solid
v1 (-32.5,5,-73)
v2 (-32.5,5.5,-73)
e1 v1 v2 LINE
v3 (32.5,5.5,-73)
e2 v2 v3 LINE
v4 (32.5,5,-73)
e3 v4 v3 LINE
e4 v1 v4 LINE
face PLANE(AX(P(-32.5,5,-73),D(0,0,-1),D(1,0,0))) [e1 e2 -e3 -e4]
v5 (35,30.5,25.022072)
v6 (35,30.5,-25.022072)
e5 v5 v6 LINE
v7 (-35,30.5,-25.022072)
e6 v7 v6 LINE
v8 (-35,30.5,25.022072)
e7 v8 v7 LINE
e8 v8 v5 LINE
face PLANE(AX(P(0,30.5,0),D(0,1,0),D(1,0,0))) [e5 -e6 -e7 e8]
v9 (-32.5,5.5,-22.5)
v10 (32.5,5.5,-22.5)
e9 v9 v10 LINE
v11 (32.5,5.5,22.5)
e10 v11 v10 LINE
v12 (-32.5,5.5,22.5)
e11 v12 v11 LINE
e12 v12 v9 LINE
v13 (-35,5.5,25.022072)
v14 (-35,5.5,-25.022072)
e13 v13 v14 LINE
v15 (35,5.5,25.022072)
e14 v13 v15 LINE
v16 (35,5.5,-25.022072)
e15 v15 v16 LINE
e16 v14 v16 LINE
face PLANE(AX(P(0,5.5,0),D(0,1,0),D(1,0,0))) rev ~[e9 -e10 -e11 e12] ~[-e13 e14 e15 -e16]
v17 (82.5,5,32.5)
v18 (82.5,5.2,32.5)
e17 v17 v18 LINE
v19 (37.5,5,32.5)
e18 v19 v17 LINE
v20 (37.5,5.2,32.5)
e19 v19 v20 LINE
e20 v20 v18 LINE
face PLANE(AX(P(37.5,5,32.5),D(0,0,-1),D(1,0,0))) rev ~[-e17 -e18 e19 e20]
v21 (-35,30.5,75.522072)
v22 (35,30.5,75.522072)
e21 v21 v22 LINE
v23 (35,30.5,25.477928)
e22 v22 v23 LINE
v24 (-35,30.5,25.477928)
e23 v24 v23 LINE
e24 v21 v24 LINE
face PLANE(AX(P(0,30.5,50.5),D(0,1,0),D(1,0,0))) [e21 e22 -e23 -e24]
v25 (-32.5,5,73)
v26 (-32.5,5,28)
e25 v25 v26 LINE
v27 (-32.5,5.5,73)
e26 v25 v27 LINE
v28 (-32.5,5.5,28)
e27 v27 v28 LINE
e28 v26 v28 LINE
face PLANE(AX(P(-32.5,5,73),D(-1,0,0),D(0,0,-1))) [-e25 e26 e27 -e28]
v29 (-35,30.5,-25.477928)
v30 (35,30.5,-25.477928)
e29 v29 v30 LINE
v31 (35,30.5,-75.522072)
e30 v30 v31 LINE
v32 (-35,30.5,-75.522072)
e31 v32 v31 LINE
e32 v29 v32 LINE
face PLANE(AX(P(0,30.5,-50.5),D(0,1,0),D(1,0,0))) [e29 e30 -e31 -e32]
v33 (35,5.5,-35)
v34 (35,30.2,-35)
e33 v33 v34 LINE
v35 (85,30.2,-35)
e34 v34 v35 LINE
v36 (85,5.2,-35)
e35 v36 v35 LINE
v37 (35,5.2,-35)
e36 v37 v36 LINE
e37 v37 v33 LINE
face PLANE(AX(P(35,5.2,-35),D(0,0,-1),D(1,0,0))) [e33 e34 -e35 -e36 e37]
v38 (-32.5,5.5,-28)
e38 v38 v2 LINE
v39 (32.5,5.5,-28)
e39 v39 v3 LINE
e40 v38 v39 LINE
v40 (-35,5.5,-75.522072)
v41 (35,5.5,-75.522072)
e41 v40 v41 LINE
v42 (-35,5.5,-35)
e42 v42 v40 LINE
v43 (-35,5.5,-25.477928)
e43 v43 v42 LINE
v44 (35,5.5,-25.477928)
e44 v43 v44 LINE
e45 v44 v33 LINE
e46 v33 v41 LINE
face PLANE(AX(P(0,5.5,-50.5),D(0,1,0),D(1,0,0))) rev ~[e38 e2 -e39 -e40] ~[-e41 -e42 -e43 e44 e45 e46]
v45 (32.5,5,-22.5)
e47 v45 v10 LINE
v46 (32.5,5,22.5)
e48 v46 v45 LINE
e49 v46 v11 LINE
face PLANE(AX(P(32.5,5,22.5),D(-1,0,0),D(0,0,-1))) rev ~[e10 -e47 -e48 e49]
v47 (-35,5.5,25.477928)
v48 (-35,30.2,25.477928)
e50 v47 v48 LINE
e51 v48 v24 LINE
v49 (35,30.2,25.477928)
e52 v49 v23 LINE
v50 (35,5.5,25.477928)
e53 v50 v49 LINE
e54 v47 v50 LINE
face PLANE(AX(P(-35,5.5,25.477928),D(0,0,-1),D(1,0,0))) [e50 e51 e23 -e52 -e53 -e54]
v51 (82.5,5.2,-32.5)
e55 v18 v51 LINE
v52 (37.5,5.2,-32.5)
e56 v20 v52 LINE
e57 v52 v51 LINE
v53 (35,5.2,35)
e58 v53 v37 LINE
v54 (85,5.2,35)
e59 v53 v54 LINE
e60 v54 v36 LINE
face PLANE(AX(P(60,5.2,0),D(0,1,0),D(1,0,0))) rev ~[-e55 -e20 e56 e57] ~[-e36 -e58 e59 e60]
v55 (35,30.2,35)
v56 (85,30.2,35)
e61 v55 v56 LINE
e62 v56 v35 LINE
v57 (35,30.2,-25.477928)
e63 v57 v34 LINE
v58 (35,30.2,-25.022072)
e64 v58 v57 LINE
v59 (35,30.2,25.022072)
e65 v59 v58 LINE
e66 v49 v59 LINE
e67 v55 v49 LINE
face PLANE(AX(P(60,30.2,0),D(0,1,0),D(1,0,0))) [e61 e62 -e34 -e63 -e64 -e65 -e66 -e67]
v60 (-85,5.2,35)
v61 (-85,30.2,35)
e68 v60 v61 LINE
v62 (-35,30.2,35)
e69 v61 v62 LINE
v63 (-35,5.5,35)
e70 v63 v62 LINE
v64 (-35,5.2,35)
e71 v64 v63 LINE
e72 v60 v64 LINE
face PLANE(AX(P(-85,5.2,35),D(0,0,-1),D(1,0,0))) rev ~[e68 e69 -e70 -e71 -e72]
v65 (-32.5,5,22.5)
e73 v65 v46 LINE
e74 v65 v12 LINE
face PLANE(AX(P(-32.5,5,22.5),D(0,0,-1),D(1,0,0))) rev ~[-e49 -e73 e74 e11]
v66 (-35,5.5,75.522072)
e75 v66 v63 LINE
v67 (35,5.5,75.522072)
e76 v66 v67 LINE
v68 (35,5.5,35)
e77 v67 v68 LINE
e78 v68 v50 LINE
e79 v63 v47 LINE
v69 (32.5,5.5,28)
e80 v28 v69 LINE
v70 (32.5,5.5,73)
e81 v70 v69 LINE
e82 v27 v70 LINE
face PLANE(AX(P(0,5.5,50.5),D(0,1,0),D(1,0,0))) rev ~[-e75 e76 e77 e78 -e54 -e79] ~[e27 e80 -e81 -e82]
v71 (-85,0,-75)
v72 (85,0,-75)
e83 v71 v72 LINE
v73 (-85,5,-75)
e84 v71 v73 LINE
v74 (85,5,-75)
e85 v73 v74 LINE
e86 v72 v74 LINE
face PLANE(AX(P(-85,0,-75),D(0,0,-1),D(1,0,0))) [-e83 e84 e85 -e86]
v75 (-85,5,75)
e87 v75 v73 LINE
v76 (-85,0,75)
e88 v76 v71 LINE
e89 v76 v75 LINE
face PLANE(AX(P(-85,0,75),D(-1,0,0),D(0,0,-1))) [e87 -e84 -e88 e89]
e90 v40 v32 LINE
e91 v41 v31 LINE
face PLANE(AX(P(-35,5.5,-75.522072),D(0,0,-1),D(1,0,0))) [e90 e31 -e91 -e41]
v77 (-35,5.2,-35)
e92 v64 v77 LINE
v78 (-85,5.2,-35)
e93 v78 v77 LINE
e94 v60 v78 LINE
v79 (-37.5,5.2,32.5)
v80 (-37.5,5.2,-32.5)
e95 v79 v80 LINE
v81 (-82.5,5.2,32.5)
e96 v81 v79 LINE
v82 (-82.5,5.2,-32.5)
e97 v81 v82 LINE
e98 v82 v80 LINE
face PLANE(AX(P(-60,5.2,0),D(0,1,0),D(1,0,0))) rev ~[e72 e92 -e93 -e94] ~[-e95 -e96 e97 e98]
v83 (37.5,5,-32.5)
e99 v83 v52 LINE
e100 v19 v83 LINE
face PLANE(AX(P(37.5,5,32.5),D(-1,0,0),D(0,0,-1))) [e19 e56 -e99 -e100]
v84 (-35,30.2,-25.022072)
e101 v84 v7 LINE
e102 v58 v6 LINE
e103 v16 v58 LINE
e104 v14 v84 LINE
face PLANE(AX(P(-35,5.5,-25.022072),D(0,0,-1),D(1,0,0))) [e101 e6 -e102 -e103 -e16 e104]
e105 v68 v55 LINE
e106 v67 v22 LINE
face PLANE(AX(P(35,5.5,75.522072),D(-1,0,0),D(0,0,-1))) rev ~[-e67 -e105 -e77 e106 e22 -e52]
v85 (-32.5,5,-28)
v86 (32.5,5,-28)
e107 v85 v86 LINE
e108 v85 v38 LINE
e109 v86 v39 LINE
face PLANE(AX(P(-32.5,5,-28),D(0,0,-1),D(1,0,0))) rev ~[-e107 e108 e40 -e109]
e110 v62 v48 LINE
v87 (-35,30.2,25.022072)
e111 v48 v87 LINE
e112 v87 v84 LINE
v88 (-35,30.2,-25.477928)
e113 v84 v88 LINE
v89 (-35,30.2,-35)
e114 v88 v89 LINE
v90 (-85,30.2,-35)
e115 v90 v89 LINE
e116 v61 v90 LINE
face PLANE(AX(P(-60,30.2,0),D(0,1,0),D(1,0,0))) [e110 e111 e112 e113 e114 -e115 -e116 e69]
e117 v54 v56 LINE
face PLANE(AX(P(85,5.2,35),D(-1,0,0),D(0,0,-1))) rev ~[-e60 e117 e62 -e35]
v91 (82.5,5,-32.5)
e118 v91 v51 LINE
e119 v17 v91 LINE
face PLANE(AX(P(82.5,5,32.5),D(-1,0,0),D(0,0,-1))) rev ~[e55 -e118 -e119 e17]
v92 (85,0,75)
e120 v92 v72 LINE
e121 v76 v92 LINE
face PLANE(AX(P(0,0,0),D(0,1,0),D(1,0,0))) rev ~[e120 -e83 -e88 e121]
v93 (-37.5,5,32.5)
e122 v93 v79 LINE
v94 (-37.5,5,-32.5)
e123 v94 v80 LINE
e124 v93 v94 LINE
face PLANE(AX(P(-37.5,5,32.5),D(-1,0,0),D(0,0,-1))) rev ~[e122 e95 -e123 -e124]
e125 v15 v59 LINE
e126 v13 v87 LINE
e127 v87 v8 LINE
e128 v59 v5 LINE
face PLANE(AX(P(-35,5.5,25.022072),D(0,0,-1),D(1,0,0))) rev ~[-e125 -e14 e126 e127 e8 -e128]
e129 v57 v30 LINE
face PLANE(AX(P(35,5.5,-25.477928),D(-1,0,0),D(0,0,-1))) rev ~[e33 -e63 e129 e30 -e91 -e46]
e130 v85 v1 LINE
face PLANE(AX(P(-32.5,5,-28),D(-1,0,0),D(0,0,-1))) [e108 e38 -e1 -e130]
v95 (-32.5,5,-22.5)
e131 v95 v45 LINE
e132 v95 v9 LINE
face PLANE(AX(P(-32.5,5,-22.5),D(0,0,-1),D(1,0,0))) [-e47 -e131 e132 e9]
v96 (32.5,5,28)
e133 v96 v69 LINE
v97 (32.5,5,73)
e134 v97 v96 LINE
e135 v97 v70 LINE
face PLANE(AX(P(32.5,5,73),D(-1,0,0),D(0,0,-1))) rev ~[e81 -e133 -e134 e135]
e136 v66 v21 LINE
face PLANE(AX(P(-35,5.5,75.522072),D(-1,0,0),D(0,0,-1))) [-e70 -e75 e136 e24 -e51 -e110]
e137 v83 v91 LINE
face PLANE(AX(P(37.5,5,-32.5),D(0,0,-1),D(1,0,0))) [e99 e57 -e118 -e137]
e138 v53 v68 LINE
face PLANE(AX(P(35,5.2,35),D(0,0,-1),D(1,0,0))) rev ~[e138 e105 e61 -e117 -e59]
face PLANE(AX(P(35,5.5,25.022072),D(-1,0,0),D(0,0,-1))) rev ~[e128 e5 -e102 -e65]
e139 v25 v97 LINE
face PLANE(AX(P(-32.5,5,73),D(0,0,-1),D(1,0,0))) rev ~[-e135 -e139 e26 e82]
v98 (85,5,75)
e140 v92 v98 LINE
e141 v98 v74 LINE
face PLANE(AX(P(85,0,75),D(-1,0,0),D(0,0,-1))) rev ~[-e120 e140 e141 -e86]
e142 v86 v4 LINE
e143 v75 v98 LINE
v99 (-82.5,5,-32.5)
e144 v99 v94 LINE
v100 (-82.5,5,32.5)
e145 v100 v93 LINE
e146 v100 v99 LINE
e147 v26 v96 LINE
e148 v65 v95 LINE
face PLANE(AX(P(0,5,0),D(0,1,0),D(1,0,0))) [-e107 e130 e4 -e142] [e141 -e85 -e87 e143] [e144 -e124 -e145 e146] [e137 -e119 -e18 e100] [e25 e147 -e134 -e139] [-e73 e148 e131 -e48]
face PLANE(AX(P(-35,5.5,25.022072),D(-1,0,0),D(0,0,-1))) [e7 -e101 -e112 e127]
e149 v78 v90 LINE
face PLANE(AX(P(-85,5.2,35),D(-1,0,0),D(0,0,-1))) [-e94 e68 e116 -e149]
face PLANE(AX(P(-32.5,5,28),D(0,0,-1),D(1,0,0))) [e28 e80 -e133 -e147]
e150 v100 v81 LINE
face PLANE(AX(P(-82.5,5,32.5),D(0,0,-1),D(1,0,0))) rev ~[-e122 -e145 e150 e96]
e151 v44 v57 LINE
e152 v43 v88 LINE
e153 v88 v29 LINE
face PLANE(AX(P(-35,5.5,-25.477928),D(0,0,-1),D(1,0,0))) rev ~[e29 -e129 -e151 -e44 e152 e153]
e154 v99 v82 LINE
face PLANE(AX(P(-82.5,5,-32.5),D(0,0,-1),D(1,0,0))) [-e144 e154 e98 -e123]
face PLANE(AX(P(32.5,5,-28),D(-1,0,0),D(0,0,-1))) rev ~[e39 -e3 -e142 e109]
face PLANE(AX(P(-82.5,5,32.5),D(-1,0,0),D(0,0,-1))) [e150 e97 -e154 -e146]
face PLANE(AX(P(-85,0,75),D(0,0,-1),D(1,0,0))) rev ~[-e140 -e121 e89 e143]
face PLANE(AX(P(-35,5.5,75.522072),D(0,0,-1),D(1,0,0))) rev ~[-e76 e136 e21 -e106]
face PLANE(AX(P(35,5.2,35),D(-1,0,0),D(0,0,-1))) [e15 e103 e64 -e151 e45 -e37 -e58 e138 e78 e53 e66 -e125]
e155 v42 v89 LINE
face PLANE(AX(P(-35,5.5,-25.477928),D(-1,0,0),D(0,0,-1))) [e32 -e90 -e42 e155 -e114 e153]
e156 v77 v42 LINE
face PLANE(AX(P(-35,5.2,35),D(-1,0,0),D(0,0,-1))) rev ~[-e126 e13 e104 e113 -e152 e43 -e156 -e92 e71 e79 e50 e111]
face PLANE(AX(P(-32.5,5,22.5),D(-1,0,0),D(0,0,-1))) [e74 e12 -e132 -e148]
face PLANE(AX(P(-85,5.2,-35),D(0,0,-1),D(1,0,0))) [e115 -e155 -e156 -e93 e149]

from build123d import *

# Parameters (mm, degrees)
SKETCH1_W           = 170
SKETCH1_H           = 150
BOSS_EXTRUDE1_DEPTH = 5
SKETCH4_W           = 65
SKETCH4_H           = 45
BOSS_EXTRUDE2_DEPTH = 0.5
SKETCH5_W           = 70
SKETCH5_H           = 50.044144688
BOSS_EXTRUDE3_DEPTH = 25
LPATTERN3_COUNT     = 2
LPATTERN3_PITCH     = 50.5
LPATTERN3_COL_COUNT = 2
LPATTERN3_COL_PITCH = 50.5
SKETCH6_W           = 45
SKETCH6_H           = 65
BOSS_EXTRUDE4_DEPTH = 0.2
SKETCH7_W           = 50
SKETCH7_H           = 70
BOSS_EXTRUDE5_DEPTH = 25
LPATTERN4_COUNT     = 2
LPATTERN4_PITCH     = 120


with BuildPart() as part:
    # Sketch1 → Boss-Extrude1 (new body)
    with BuildSketch(Plane(origin=(0, 0, 0), x_dir=(1, 0, 0), z_dir=(0, 1, 0))):
        Rectangle(SKETCH1_W, SKETCH1_H)
    extrude(amount=BOSS_EXTRUDE1_DEPTH)

    # Sketch4 → Boss-Extrude2 (add)
    with BuildSketch(Plane(origin=(0, 5, 0), x_dir=(1, 0, 0), z_dir=(0, 1, 0))):
        Rectangle(SKETCH4_W, SKETCH4_H)
    boss_extrude2 = extrude(amount=BOSS_EXTRUDE2_DEPTH)

    # Sketch5 → Boss-Extrude3 (add)
    with BuildSketch(Plane(origin=(0, 5.5, 0), x_dir=(1, 0, 0), z_dir=(0, 1, 0))):
        Rectangle(SKETCH5_W, SKETCH5_H)
    boss_extrude3 = extrude(amount=BOSS_EXTRUDE3_DEPTH)

    # LPattern3: Boss-Extrude2, Boss-Extrude3 ×2
    with Locations(*[(0, 0, i * LPATTERN3_PITCH) for i in range(1, LPATTERN3_COUNT)]):
        add(boss_extrude2)
        add(boss_extrude3)

    # LPattern3 col: Boss-Extrude2, Boss-Extrude3 ×2
    with Locations(*[(0, 0, -i * LPATTERN3_COL_PITCH) for i in range(1, LPATTERN3_COL_COUNT)]):
        add(boss_extrude2)
        add(boss_extrude3)

    # Sketch6 → Boss-Extrude4 (add)
    with BuildSketch(Plane(origin=(0, 5, 0), x_dir=(1, 0, 0), z_dir=(0, 1, 0))):
        with Locations((60, 0)):
            Rectangle(SKETCH6_W, SKETCH6_H)
    boss_extrude4 = extrude(amount=BOSS_EXTRUDE4_DEPTH)

    # Sketch7 → Boss-Extrude5 (add)
    with BuildSketch(Plane(origin=(0, 5.2, 0), x_dir=(1, 0, 0), z_dir=(0, 1, 0))):
        with Locations((60, 0)):
            Rectangle(SKETCH7_W, SKETCH7_H)
    boss_extrude5 = extrude(amount=BOSS_EXTRUDE5_DEPTH)

    # LPattern4: Boss-Extrude4, Boss-Extrude5 ×2
    with Locations(*[(-i * LPATTERN4_PITCH, 0, 0) for i in range(1, LPATTERN4_COUNT)]):
        add(boss_extrude4)
        add(boss_extrude5)


solid = part.part
